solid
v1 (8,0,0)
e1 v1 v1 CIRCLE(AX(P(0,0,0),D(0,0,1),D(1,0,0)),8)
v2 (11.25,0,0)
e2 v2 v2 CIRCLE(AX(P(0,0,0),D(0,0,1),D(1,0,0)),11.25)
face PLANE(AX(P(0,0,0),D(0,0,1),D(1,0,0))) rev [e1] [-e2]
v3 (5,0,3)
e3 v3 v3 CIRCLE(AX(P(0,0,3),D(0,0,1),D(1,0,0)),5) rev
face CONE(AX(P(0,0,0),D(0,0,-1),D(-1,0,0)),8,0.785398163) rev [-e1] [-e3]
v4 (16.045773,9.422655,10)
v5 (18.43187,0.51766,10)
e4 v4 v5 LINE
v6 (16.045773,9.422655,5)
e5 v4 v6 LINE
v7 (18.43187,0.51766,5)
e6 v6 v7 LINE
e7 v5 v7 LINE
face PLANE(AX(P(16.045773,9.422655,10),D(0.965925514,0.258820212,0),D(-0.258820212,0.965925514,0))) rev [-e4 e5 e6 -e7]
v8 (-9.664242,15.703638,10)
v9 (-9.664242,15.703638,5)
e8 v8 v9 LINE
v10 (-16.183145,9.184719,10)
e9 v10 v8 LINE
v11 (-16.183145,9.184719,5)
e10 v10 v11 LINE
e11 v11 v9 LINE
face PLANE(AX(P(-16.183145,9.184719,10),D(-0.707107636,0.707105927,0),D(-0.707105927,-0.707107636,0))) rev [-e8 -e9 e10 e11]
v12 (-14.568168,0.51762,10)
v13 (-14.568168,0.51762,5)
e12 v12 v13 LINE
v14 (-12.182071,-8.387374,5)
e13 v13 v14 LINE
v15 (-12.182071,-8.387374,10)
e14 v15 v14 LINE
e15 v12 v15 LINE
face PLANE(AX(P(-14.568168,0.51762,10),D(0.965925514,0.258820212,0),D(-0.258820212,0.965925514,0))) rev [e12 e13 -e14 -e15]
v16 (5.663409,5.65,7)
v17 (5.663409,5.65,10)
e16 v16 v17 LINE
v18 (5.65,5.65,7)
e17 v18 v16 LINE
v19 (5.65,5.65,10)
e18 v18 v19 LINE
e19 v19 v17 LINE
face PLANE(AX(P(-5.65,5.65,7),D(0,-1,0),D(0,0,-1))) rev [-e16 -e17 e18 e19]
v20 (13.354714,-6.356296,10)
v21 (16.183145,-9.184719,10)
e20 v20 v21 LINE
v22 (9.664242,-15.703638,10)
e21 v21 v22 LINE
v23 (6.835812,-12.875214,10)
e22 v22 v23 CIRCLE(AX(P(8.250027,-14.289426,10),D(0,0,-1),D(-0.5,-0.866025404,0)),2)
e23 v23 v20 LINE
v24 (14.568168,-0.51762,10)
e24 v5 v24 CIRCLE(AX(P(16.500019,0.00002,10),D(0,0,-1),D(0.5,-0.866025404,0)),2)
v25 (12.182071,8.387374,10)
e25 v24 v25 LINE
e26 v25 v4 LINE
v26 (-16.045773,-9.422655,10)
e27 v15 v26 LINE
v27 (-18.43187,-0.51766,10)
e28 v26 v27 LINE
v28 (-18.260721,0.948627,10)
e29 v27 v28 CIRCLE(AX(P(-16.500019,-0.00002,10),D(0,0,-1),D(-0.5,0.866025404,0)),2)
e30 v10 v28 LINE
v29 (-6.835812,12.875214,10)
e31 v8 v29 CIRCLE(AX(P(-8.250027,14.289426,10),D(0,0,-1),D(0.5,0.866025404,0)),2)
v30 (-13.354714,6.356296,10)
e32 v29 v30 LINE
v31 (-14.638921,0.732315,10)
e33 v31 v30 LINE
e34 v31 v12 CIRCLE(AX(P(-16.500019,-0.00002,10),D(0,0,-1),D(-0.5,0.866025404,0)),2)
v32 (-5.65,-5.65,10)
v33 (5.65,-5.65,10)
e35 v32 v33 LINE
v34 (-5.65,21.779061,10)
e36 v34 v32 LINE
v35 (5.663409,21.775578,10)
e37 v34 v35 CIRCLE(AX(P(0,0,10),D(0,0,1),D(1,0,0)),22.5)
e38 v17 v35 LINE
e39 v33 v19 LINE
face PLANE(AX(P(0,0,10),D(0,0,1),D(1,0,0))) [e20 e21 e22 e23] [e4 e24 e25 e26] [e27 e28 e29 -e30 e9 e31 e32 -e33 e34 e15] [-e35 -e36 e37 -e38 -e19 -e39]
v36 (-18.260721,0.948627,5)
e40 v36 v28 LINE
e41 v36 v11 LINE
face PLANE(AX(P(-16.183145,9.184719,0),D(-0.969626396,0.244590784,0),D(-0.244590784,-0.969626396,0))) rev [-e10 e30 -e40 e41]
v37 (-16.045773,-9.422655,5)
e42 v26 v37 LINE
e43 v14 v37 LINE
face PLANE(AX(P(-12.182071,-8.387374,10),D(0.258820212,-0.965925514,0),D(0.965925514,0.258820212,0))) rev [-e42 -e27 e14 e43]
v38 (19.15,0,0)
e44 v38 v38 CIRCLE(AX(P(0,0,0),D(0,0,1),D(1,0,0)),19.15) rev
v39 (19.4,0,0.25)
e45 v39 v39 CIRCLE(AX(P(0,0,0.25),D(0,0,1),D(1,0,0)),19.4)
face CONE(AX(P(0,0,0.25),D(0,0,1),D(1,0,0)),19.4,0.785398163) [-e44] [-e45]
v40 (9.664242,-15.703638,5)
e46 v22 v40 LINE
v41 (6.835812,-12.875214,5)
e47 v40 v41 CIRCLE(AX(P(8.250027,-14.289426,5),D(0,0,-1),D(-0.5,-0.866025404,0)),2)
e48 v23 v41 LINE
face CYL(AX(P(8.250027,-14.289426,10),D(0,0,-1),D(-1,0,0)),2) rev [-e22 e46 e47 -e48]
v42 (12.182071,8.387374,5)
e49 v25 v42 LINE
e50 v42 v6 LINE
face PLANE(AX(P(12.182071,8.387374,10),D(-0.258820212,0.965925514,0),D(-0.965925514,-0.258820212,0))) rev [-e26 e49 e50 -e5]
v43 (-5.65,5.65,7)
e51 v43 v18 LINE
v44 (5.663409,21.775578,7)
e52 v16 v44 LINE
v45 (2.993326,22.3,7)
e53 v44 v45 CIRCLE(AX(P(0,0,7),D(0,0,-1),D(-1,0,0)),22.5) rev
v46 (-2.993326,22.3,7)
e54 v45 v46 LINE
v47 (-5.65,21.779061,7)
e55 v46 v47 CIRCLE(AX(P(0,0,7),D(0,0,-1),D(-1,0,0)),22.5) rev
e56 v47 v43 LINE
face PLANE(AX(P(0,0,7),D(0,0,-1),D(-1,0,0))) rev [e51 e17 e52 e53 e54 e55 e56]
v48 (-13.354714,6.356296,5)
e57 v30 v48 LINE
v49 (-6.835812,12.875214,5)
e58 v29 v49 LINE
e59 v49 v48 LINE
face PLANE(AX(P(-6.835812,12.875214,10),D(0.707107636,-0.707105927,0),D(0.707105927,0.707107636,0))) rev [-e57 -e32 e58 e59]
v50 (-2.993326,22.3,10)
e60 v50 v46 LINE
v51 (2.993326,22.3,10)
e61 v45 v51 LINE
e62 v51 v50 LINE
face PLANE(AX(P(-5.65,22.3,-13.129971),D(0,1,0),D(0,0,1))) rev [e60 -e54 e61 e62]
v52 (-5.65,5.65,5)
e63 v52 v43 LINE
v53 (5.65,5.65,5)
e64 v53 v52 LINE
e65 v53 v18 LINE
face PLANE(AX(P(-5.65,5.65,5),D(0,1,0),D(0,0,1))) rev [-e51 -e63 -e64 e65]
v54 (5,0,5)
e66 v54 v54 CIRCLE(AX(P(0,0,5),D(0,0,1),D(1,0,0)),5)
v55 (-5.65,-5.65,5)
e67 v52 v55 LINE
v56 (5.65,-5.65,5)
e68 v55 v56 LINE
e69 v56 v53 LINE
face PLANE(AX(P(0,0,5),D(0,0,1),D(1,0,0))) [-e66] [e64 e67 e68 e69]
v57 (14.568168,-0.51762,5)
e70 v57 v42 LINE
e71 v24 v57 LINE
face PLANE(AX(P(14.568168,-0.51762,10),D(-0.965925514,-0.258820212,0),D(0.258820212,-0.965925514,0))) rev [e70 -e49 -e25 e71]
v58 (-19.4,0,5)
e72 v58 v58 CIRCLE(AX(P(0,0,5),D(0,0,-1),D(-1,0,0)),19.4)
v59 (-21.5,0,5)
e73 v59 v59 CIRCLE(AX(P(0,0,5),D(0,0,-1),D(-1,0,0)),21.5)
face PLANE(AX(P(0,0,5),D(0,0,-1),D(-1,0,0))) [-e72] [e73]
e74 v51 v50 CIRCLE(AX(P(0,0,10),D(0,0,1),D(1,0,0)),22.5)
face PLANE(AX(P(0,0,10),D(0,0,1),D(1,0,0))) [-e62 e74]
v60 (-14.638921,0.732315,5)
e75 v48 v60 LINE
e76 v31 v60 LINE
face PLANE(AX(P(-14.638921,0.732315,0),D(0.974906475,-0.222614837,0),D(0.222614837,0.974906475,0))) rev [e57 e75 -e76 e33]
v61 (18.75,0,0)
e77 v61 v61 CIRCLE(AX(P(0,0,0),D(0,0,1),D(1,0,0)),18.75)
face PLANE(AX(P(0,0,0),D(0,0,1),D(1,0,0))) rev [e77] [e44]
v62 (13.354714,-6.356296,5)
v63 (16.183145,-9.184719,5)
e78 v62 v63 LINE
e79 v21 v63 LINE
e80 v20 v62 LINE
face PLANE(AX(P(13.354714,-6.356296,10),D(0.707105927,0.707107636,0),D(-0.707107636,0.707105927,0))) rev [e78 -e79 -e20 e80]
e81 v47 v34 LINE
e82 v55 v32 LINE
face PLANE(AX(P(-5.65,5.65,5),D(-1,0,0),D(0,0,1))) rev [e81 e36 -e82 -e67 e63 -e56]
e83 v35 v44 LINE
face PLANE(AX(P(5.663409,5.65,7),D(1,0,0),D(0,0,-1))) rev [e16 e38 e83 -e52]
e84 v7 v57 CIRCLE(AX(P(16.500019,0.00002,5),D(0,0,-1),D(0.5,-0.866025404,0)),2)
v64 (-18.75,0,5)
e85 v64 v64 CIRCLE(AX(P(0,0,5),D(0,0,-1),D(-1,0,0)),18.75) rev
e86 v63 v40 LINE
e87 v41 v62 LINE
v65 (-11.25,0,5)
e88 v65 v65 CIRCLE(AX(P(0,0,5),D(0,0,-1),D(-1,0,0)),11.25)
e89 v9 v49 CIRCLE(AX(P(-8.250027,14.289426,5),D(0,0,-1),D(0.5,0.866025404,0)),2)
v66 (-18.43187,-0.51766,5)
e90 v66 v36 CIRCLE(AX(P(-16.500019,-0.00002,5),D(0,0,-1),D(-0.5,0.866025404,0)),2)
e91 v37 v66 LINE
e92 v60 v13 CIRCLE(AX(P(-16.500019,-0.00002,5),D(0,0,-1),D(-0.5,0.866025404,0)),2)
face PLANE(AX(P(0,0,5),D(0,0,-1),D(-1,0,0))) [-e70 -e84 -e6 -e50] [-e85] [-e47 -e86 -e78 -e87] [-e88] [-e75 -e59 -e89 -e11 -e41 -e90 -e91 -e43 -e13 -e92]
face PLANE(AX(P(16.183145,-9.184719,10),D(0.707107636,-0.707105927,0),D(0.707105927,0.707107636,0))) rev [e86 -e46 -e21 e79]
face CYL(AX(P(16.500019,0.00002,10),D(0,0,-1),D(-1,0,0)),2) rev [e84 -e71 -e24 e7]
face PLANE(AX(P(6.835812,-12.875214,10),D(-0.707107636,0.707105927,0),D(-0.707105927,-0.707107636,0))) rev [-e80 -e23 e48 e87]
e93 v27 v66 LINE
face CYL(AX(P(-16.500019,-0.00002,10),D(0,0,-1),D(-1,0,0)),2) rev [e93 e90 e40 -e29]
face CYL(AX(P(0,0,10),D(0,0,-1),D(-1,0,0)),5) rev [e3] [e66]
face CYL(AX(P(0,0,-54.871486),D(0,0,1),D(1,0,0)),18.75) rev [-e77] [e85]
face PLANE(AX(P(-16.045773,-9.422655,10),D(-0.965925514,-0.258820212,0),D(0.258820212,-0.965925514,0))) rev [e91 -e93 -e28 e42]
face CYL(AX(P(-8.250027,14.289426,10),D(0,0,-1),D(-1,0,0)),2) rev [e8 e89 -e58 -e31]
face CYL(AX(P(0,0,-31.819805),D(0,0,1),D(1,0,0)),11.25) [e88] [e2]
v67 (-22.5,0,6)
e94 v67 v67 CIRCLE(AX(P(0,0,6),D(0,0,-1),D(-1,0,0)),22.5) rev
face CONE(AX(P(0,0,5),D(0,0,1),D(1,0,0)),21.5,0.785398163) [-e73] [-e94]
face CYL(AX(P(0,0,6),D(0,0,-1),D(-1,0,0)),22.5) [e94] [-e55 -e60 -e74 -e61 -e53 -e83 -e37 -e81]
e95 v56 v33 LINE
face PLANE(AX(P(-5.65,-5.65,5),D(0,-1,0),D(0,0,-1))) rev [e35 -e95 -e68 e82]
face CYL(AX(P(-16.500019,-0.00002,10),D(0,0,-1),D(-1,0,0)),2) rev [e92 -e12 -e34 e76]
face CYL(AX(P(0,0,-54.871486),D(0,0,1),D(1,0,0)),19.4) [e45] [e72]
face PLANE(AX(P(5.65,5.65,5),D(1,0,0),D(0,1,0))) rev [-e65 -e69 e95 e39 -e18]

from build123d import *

# Parameters (mm, degrees)
SKETCH1_R           = 9.8
SKETCH1_R_2         = 5
BOSS_EXTRUDE1_DEPTH = 10
SKETCH2_W           = 11.3
SKETCH2_H           = 11.3
CUT_EXTRUDE1_DEPTH  = 5
SKETCH3_W           = 11.313408722
SKETCH3_H           = 4.707055676
CUT_EXTRUDE2_DEPTH  = 3
SKETCH4_W           = 5.404805584
SKETCH4_H           = 18.076359344
SKETCH4_W_2         = 5.663408722
SKETCH4_H_2         = 17.947057775
CUT_EXTRUDE3_DEPTH  = 3
CHAMFER1_SIZE       = 3
SKETCH5_R           = 22.5
SKETCH5_R_2         = 9.8
BOSS_EXTRUDE2_DEPTH = 1
SKETCH6_R           = 11.25
SKETCH6_R_2         = 9.8
BOSS_EXTRUDE3_DEPTH = 5
SKETCH7_R           = 19.4
SKETCH7_R_2         = 18.75
BOSS_EXTRUDE4_DEPTH = 5
CHAMFER2_SIZE       = 0.25
SKETCH9_R           = 22.5
SKETCH9_R_2         = 9.8
BOSS_EXTRUDE5_DEPTH = 4
SKETCH10_W          = 11.313408722
SKETCH10_H          = 16.65
CUT_EXTRUDE5_DEPTH  = 3
CUT_EXTRUDE4_DEPTH  = 33.210246817
CIRPATTERN1_COUNT   = 6
SKETCH12_W          = 2.936696108
SKETCH12_H          = 13.215132487
SKETCH12_W_2        = 3.332020584
SKETCH12_H_2        = 13.328082337
BOSS_EXTRUDE6_DEPTH = 3
CHAMFER3_SIZE       = 1
CUT_EXTRUDE6_DEPTH  = 10
BOSS_EXTRUDE7_DEPTH = 2
BOSS_EXTRUDE8_DEPTH = 5
BOSS_EXTRUDE9_DEPTH = 5


with BuildPart() as part:
    # Sketch1 → Boss-Extrude1 (new body)
    with BuildSketch(Plane.XY):
        Circle(SKETCH1_R)
        Circle(SKETCH1_R_2, mode=Mode.SUBTRACT)
    extrude(amount=BOSS_EXTRUDE1_DEPTH)

    # Sketch2 → Cut-Extrude1 (cut)
    with BuildSketch(Plane.XY.offset(10)):
        Rectangle(SKETCH2_W, SKETCH2_H)
    extrude(amount=-CUT_EXTRUDE1_DEPTH, mode=Mode.SUBTRACT)

    # Sketch3 → Cut-Extrude2 (cut)
    with BuildSketch(Plane.XY.offset(10)):
        with Locations((0.006704361, 8.003527838)):
            Rectangle(SKETCH3_W, SKETCH3_H)
    extrude(amount=-CUT_EXTRUDE2_DEPTH, mode=Mode.SUBTRACT)

    # Sketch4 → Cut-Extrude3 (cut)
    with BuildSketch(Plane.XY.offset(10)):
        with Locations((-10.5897985, 0)):
            Rectangle(SKETCH4_W, SKETCH4_H)
        with Locations((10.615658814, 0.064650784)):
            Rectangle(SKETCH4_W_2, SKETCH4_H_2)
    extrude(amount=-CUT_EXTRUDE3_DEPTH, mode=Mode.SUBTRACT)

    # Chamfer1
    chamfer1_edges = [part.edges().sort_by_distance(p)[0] for p in [
        (-5, 0, 0),
    ]]
    chamfer(chamfer1_edges, length=CHAMFER1_SIZE)

    # Sketch5 → Boss-Extrude2 (add)
    with BuildSketch(Plane(origin=(0, 0, 5), x_dir=(-1, 0, 0), z_dir=(0, 0, -1))):
        Circle(SKETCH5_R)
        Circle(SKETCH5_R_2, mode=Mode.SUBTRACT)
    extrude(amount=-BOSS_EXTRUDE2_DEPTH)

    # Sketch6 → Boss-Extrude3 (add)
    with BuildSketch(Plane(origin=(0, 0, 5), x_dir=(-1, 0, 0), z_dir=(0, 0, -1))):
        with Locations(Location((0, 0, 0), (0, 0, 180))):
            Circle(SKETCH6_R)
        Circle(SKETCH6_R_2, mode=Mode.SUBTRACT)
    extrude(amount=BOSS_EXTRUDE3_DEPTH)

    # Sketch7 → Boss-Extrude4 (add)
    with BuildSketch(Plane(origin=(0, 0, 5), x_dir=(-1, 0, 0), z_dir=(0, 0, -1))):
        with Locations(Location((0, 0, 0), (0, 0, 180))):
            Circle(SKETCH7_R)
        with Locations(Location((0, 0, 0), (0, 0, 180))):
            Circle(SKETCH7_R_2, mode=Mode.SUBTRACT)
    extrude(amount=BOSS_EXTRUDE4_DEPTH)

    # Chamfer2
    chamfer2_edges = [part.edges().sort_by_distance(p)[0] for p in [
        (-19.4, 0, 0),
    ]]
    chamfer(chamfer2_edges, length=CHAMFER2_SIZE)

    # Sketch9 → Boss-Extrude5 (add)
    with BuildSketch(Plane.XY.offset(6)):
        with Locations(Location((0, 0, 0), (0, 0, 180))):
            Circle(SKETCH9_R)
        Circle(SKETCH9_R_2, mode=Mode.SUBTRACT)
    extrude(amount=BOSS_EXTRUDE5_DEPTH)

    # Sketch10 → Cut-Extrude5 (cut)
    with BuildSketch(Plane.XY.offset(10)):
        with Locations((0.006704361, 13.975)):
            Rectangle(SKETCH10_W, SKETCH10_H)
    extrude(amount=-CUT_EXTRUDE5_DEPTH, mode=Mode.SUBTRACT)

    # Sketch8 → Cut-Extrude4 (cut, through all)
    with BuildSketch(Plane(origin=(0, 0, 5), x_dir=(-1, 0, 0), z_dir=(0, 0, -1))):
        with BuildLine():
            Line((-7.732356662, 12.357593624), (1.172643737, 14.743669758))
            Line((1.172643737, 14.743669758), (0.137372224, 18.607374314))
            Line((0.137372224, 18.607374314), (-8.767628174, 16.22129818))
            ThreePointArc((-8.767628174, 16.22129818), (-10.181844696, 13.771810146), (-7.732356662, 12.357593624))
        make_face()
    cut_extrude4 = extrude(amount=-CUT_EXTRUDE4_DEPTH, mode=Mode.SUBTRACT)

    # CirPattern1: Cut-Extrude4 ×6 about axis
    cirpattern1_axis = Axis((0, 0, 0), (0, 0, 1))
    for i in range(1, CIRPATTERN1_COUNT):
        add(cut_extrude4.rotate(cirpattern1_axis, i * 360 / CIRPATTERN1_COUNT), mode=Mode.SUBTRACT)

    # Sketch12 → Boss-Extrude6 (add)
    with BuildSketch(Plane.XY.offset(7)):
        with Locations((-8.471238773, 0.2258997)):
            Rectangle(SKETCH12_W, SKETCH12_H)
        with Locations((8.555951161, 0.282374626)):
            Rectangle(SKETCH12_W_2, SKETCH12_H_2)
    extrude(amount=BOSS_EXTRUDE6_DEPTH)

    # Chamfer3
    chamfer3_edges = [part.edges().sort_by_distance(p)[0] for p in [
        (22.5, 0, 5),
    ]]
    chamfer(chamfer3_edges, length=CHAMFER3_SIZE)

    # Sketch13 → Cut-Extrude6 (cut)
    with BuildSketch(Plane.XY.offset(10)):
        Polygon((-16.183144966, 9.184719321), (-18.500019366, -1.9936e-05), (-14.638921299, 0.732314676), (-13.354714423, 6.356295613), align=None)
    extrude(amount=-CUT_EXTRUDE6_DEPTH, mode=Mode.SUBTRACT)

    # Sketch14 → Boss-Extrude7 (add)
    with BuildSketch(Plane.XY.offset(7)):
        Polygon((-0.137372224, 18.607374314), (5.663408722, 17.053067256), (5.663408722, 12.911963875), (-1.172643737, 14.743669758), align=None)
    extrude(amount=-BOSS_EXTRUDE7_DEPTH)

    # Sketch15 → Boss-Extrude8 (add)
    with BuildSketch(Plane.XY.offset(10)):
        with BuildLine():
            Line((8.767628174, 16.22129818), (5.663408722, 17.053067256))
            Line((5.663408722, 17.053067256), (5.663408722, 12.911963875))
            Line((5.663408722, 12.911963875), (7.732356662, 12.357593624))
            ThreePointArc((7.732356662, 12.357593624), (10.181844696, 13.771810146), (8.767628174, 16.22129818))
        make_face()
    extrude(amount=-BOSS_EXTRUDE8_DEPTH)

    # Sketch16 → Boss-Extrude9 (add)
    with BuildSketch(Plane.XY.offset(10)):
        with BuildLine():
            Line((-8.767628174, -16.22129818), (0.137372224, -18.607374314))
            Line((0.137372224, -18.607374314), (1.172643737, -14.743669758))
            Line((1.172643737, -14.743669758), (-7.732356662, -12.357593624))
            ThreePointArc((-7.732356662, -12.357593624), (-10.181844696, -13.771810146), (-8.767628174, -16.22129818))
        make_face()
    extrude(amount=-BOSS_EXTRUDE9_DEPTH)


solid = part.part
